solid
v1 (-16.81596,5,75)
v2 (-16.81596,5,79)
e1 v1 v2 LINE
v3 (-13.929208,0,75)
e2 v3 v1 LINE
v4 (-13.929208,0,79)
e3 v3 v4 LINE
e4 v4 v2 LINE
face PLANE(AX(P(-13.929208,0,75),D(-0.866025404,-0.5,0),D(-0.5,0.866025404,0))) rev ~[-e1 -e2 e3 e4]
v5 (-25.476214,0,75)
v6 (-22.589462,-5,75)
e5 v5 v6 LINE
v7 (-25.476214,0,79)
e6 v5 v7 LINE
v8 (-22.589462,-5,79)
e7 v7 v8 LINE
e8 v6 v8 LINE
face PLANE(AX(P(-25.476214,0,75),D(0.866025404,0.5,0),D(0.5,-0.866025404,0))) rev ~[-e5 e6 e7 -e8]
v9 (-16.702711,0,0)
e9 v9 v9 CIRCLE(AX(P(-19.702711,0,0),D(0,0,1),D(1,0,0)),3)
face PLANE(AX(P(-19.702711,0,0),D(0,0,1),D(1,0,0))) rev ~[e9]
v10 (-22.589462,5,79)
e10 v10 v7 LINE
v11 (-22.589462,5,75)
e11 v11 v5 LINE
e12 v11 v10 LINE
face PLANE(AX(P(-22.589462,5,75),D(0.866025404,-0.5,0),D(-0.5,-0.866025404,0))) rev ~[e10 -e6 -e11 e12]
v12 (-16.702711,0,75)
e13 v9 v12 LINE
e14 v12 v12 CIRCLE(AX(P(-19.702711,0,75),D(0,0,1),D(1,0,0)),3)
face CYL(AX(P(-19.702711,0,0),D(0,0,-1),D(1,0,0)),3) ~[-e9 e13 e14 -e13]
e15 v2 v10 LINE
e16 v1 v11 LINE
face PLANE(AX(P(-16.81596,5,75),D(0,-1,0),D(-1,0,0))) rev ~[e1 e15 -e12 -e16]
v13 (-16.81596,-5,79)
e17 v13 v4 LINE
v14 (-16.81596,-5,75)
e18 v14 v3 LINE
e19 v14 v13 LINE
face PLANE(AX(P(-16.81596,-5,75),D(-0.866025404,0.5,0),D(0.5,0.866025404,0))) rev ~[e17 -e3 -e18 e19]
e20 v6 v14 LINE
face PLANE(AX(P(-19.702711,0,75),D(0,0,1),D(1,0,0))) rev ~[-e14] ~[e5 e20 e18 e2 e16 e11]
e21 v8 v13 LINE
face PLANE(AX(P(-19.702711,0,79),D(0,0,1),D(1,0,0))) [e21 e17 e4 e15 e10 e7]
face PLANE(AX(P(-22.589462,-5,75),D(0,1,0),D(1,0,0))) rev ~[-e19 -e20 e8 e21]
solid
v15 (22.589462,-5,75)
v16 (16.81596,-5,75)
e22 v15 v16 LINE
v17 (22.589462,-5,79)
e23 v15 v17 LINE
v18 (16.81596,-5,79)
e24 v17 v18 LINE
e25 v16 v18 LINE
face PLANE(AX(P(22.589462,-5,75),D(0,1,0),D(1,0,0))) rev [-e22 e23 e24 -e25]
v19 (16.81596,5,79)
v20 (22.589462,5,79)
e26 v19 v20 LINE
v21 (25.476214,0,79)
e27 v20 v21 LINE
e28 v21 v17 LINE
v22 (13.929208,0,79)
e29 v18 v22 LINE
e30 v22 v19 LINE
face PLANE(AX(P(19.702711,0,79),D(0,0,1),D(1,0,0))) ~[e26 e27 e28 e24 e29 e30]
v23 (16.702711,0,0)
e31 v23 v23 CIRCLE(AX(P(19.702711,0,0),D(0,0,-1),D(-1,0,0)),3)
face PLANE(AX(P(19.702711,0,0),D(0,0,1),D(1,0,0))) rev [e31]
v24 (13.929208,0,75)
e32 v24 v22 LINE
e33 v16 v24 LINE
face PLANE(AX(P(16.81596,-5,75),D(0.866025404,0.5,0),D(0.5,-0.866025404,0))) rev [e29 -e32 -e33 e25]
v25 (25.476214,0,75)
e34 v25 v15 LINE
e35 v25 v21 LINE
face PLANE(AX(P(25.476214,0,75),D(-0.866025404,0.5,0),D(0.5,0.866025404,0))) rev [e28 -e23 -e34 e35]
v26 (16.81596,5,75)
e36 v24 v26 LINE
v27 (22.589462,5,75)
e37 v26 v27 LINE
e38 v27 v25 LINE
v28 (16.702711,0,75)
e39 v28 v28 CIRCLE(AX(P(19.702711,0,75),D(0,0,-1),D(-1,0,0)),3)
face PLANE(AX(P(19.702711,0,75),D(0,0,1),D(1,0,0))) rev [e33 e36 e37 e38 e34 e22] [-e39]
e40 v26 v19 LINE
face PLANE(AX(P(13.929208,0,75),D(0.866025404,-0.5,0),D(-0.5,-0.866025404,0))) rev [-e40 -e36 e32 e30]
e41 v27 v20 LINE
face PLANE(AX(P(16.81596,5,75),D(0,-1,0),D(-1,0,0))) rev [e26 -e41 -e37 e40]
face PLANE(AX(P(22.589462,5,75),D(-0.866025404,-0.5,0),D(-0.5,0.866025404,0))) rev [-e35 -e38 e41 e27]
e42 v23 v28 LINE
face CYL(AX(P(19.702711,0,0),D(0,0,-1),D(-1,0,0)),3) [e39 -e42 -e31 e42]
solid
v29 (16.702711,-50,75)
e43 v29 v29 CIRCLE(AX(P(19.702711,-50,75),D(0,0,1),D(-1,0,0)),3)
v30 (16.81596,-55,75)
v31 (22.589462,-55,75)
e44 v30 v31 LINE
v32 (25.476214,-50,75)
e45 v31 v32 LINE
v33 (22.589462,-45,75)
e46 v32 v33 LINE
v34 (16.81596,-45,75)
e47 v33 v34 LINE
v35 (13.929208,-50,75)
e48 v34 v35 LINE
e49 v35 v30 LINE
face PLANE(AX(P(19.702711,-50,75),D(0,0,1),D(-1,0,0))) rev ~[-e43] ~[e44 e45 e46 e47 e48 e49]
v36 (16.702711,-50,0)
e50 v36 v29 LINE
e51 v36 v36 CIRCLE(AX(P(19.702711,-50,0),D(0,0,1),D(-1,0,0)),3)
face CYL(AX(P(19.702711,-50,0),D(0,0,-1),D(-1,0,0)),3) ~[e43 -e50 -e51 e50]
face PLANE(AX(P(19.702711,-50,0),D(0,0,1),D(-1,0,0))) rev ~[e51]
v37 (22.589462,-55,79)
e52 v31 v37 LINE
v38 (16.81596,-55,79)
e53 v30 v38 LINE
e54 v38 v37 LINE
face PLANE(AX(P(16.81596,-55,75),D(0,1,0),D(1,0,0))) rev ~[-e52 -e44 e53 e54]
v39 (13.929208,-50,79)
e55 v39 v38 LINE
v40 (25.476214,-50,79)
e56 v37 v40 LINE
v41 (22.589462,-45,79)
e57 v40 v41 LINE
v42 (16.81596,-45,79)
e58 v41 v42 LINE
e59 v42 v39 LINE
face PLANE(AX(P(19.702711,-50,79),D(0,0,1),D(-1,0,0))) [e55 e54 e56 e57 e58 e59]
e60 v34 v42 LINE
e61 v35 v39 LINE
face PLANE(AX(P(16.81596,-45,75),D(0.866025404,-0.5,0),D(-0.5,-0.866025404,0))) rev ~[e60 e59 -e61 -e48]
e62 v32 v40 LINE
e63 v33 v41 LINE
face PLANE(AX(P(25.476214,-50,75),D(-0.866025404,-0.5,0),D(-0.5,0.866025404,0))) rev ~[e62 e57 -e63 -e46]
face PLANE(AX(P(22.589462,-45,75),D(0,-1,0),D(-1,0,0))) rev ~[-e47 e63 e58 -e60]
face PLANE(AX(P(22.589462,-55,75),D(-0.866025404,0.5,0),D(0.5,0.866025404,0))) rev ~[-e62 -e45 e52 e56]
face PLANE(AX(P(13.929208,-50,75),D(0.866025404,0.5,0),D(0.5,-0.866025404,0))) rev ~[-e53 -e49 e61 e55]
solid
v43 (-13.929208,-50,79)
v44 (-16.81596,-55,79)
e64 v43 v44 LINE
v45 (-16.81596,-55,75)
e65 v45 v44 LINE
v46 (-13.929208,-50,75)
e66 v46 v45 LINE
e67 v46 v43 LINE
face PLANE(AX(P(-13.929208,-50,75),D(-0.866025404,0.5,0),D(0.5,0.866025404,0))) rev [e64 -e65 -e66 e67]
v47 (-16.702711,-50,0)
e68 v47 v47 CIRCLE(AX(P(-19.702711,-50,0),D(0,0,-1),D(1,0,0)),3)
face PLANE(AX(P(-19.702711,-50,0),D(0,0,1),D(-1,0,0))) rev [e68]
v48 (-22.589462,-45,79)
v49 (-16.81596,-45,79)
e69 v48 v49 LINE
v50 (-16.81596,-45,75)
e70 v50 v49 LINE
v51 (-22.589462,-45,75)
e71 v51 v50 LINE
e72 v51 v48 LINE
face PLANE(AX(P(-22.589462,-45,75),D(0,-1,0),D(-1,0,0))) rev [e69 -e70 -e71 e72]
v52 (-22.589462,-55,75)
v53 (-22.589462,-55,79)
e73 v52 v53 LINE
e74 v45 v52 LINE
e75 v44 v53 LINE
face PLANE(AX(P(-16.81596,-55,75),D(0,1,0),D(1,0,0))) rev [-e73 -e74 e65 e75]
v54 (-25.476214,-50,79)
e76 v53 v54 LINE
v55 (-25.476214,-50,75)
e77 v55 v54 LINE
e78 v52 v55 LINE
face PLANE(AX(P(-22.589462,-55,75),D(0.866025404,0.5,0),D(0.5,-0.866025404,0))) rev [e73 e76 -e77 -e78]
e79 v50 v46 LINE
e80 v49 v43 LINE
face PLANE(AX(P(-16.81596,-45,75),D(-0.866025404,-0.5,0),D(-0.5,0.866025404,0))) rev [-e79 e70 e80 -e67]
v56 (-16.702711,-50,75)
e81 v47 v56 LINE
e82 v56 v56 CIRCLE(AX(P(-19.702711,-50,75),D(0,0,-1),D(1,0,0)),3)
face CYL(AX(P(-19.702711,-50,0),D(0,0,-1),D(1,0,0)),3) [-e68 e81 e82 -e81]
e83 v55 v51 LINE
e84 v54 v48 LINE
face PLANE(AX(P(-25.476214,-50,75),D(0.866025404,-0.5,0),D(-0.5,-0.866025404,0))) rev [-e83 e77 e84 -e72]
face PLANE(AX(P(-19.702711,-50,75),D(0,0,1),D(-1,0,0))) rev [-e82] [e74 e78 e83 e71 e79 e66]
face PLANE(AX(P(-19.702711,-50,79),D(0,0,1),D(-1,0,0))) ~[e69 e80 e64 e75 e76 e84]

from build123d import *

# Parameters (mm, degrees)
F0_R     = 3
F1_DEPTH = 75
F3_DEPTH = 4


with BuildPart() as f1:
    # F0 (on Top) → F1 (new body)
    with BuildSketch(Plane.XY):
        with Locations((-8.5166577033, 0)):
            Circle(F0_R)
    extrude(amount=F1_DEPTH)


with BuildPart() as f1b:
    # F0 (on Top) → F1, piece 2 (new body)
    with BuildSketch(Plane.XY):
        with Locations((-19.7027108801, 0)):
            Circle(F0_R)
    extrude(amount=F1_DEPTH)

    # F2 (on face) → F3 (join)
    with BuildSketch(Plane.XY.offset(75)):
        Polygon((-16.8159595341, 5), (-22.589462226, 5), (-25.4762135719, 0), (-22.589462226, -5), (-16.8159595341, -5), (-13.9292081882, 0), align=None)
    extrude(amount=F3_DEPTH)


with BuildPart() as f1c:
    # F0 (on Top) → F1, piece 3 (new body)
    with BuildSketch(Plane.XY):
        with Locations((8.7708764974, 0)):
            Circle(F0_R)
    extrude(amount=F1_DEPTH)


with BuildPart() as f1d:
    # F0 (on Top) → F1, piece 4 (new body)
    with BuildSketch(Plane.XY):
        with Locations((16.9061870563, 0)):
            Circle(F0_R)
    extrude(amount=F1_DEPTH)


with BuildPart() as f6_1:
    # F6: instance of F1b
    add(f1b.part.mirror(Plane.YZ))


with BuildPart() as f8_1:
    # F8: instance of F1b
    add(f1b.part.mirror(Plane.XZ.offset(25)))


with BuildPart() as f9_1:
    # F9: instance of F6_1
    add(f6_1.part.mirror(Plane.XZ.offset(25)))


solid = Compound([f1b.part, f6_1.part, f8_1.part, f9_1.part])
